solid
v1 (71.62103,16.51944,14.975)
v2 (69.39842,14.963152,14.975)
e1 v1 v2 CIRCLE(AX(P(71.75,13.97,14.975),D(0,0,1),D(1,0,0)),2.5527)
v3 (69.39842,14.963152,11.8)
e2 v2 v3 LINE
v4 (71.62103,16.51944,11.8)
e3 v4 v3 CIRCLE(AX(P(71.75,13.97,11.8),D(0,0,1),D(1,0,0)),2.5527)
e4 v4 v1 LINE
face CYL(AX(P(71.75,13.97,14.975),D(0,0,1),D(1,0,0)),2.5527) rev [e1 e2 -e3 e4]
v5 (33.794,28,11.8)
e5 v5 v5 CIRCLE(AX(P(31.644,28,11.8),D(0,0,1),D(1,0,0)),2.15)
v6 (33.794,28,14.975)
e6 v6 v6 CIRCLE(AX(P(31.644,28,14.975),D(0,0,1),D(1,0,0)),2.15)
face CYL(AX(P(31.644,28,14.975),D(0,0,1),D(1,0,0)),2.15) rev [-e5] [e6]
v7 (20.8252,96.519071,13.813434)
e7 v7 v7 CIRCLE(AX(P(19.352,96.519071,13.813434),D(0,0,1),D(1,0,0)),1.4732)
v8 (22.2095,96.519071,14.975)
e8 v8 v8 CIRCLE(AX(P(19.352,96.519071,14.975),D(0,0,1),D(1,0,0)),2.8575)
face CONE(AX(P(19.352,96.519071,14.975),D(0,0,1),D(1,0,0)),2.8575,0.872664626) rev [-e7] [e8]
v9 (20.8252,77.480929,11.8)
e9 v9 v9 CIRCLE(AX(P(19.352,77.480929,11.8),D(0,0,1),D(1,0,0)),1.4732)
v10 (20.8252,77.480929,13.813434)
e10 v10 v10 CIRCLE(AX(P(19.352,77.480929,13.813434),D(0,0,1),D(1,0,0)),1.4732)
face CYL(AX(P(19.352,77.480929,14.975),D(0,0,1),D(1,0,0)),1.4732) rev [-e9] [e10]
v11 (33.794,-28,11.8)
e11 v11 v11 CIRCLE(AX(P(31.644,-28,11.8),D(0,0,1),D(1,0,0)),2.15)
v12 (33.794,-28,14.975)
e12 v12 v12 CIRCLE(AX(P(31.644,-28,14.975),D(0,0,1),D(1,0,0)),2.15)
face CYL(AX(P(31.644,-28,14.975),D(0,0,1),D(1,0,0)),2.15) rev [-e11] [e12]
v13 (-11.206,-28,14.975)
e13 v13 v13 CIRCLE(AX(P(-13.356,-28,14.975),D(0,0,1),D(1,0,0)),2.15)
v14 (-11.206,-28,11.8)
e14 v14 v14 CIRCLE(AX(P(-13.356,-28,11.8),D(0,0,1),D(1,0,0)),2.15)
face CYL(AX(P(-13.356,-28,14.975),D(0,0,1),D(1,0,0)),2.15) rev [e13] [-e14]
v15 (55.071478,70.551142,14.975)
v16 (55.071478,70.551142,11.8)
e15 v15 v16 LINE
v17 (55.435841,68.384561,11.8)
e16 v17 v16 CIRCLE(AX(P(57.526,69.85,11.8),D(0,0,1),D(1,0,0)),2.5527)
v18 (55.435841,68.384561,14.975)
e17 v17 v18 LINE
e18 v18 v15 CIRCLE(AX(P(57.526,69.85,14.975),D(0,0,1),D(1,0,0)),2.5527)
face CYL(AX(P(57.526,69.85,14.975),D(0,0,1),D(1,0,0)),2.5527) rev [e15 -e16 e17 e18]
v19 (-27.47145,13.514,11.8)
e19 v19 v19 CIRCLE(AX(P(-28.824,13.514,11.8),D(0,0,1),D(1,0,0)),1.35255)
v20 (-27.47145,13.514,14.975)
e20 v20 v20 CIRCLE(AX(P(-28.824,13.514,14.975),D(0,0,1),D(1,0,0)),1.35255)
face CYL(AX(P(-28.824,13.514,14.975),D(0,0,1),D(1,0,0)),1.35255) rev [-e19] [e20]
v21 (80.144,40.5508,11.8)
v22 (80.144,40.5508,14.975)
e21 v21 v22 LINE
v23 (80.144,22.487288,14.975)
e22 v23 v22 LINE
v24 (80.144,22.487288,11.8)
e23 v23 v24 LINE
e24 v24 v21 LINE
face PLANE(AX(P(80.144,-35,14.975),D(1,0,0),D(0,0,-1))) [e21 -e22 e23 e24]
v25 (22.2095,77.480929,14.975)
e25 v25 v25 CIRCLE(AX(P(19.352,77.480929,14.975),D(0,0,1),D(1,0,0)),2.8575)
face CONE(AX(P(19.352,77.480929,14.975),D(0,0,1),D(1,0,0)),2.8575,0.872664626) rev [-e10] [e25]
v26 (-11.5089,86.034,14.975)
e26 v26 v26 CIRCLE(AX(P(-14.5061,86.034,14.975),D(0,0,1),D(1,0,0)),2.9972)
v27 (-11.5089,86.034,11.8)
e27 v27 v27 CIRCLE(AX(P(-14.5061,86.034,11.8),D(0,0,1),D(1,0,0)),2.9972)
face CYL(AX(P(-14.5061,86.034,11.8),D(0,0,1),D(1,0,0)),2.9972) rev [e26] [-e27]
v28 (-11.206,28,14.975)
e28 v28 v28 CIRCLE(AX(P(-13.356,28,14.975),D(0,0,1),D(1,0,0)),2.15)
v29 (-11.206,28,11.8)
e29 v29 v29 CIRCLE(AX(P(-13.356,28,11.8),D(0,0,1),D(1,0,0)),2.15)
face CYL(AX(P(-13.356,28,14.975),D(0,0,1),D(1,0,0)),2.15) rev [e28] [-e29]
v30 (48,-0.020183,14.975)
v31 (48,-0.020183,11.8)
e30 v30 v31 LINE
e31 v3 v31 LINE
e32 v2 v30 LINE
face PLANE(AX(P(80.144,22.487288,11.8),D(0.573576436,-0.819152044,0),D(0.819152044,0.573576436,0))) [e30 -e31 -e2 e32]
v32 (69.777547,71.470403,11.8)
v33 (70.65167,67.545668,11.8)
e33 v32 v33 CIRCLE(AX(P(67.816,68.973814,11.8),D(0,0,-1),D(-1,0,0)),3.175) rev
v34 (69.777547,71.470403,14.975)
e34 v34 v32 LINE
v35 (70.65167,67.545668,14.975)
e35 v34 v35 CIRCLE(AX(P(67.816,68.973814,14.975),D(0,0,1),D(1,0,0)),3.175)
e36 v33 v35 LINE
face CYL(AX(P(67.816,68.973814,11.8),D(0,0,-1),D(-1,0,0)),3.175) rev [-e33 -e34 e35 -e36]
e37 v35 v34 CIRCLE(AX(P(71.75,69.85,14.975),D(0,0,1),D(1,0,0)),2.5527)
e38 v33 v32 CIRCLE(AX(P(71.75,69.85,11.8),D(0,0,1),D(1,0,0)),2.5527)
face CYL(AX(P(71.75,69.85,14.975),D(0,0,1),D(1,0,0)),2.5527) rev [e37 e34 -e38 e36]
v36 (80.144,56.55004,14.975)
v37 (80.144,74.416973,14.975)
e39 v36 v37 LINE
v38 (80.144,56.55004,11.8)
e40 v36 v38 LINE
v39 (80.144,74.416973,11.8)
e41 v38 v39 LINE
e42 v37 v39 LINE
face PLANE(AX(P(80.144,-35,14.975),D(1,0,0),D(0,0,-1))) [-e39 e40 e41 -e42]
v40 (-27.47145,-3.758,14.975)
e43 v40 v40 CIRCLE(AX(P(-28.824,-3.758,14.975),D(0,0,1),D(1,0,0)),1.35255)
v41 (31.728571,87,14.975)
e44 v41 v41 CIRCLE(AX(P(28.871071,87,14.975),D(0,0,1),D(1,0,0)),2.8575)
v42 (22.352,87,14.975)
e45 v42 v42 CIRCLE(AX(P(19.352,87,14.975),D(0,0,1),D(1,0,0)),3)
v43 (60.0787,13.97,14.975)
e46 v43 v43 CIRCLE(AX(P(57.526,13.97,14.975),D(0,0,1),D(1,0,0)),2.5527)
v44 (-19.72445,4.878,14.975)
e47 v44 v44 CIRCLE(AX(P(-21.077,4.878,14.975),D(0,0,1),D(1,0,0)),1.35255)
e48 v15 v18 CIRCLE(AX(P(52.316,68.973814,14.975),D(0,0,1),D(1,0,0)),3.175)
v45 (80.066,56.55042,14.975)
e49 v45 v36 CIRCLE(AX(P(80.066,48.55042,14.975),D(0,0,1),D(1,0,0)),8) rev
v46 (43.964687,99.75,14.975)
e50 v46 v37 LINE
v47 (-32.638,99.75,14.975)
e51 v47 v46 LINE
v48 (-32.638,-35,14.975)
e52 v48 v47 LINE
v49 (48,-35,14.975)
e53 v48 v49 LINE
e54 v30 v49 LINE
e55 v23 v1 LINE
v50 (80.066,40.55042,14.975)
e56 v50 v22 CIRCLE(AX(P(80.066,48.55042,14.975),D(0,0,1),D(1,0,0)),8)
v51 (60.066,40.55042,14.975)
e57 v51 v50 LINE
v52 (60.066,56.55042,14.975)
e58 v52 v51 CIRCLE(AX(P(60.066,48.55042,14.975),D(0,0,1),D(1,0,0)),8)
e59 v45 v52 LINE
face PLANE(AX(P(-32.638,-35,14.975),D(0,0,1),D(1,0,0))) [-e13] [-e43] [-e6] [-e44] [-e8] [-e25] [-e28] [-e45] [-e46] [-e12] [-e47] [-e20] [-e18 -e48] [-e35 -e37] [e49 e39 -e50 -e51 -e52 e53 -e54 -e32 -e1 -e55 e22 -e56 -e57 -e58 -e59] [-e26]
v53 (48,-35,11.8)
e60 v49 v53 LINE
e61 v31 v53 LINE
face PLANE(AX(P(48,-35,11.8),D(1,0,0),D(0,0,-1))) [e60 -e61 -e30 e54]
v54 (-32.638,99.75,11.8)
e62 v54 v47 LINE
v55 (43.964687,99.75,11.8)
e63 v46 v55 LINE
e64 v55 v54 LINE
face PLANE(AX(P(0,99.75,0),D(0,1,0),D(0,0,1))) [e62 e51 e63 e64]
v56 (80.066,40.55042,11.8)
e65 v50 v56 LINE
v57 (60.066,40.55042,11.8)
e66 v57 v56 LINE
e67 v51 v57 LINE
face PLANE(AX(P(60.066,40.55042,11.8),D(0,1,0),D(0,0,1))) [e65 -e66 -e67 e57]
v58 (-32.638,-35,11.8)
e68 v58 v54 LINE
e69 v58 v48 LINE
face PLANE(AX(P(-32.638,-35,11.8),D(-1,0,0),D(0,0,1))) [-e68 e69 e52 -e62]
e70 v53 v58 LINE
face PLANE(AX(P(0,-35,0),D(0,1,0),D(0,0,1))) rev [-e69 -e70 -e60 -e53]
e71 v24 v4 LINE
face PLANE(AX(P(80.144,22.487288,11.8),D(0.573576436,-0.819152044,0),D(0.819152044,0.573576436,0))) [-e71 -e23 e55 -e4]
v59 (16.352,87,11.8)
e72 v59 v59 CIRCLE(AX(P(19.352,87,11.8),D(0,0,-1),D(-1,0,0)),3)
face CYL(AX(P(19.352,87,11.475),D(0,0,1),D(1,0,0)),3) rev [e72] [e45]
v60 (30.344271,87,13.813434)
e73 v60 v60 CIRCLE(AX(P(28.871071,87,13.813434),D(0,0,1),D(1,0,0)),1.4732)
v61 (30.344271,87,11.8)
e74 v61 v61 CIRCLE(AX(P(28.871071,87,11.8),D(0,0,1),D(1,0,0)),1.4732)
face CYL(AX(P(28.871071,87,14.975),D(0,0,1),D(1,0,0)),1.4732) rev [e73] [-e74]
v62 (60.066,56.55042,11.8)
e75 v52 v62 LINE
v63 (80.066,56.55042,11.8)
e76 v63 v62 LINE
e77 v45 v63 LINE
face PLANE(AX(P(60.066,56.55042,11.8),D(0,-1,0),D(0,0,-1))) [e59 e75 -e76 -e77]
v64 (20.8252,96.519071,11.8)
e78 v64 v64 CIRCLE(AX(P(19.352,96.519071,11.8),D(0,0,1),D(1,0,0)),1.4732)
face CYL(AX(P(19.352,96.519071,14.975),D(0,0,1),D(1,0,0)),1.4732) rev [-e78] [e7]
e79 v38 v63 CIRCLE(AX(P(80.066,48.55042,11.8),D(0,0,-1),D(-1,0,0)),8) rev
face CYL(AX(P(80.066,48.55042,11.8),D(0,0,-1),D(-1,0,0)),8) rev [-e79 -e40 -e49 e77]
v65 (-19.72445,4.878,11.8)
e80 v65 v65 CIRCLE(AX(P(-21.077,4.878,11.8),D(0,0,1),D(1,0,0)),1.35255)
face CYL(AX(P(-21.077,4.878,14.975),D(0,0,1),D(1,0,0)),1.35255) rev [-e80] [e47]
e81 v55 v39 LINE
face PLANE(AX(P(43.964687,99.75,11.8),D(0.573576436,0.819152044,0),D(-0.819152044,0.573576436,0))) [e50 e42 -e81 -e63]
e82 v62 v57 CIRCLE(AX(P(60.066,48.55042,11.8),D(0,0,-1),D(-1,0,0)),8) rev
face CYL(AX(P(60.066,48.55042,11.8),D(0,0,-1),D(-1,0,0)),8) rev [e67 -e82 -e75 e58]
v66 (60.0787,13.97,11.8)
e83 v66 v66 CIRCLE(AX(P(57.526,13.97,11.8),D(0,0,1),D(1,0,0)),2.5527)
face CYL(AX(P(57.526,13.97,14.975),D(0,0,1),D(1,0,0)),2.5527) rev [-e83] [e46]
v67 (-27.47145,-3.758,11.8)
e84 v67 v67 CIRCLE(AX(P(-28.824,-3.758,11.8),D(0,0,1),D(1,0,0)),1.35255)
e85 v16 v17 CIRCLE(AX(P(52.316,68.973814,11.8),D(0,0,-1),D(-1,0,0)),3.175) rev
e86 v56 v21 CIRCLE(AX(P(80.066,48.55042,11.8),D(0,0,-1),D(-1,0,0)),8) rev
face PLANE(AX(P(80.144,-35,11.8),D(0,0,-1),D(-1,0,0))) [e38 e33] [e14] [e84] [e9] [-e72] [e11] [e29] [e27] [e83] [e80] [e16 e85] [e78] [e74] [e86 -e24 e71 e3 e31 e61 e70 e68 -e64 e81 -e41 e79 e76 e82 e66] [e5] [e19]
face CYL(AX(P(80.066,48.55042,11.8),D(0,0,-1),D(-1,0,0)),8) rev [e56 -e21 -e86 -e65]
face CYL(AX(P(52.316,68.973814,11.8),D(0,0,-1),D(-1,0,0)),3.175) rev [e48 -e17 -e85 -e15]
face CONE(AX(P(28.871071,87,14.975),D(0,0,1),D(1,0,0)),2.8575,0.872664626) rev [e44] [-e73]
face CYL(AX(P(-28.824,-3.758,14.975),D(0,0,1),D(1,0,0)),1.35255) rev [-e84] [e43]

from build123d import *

# Parameters (mm, degrees)
SKETCH1_W                                         = 112.782
SKETCH1_H                                         = 3.175
BOSS_EXTRUDE1_DEPTH                               = 99.75
BOSS_EXTRUDE1_DEPTH_BACK                          = 35
SKETCH2_R                                         = 3.175
CUT_EXTRUDE1_DEPTH                                = 15.975
CUT_EXTRUDE1_DEPTH_BACK                           = 1
M4_CLEARANCE_HOLE1_D                              = 4.3
CSK_FOR_4_FLAT_HEAD_MACHINE_SCREW_100_D           = 2.9464
CSK_FOR_4_FLAT_HEAD_MACHINE_SCREW_100_CSINK_D     = 5.715
CSK_FOR_4_FLAT_HEAD_MACHINE_SCREW_100_CSINK_ANGLE = 100
SKETCH8_R                                         = 3
CUT_EXTRUDE3_DEPTH                                = 3.5
F_6_32_TAPPED_HOLE1_D                             = 2.7051
F_1_4_20_TAPPED_HOLE1_D                           = 5.1054
SKETCH16_R                                        = 2.9972
CUT_EXTRUDE4_DEPTH                                = 4.175


with BuildPart() as part:
    # Sketch1 → Boss-Extrude1 (new body, two sides)
    with BuildSketch(Plane(origin=(0, 0, 0), x_dir=(1, 0, 0), z_dir=(0, 1, 0))) as boss_extrude1_sk:
        with Locations((23.753, -13.3875)):
            Rectangle(SKETCH1_W, SKETCH1_H)
    extrude(amount=BOSS_EXTRUDE1_DEPTH)
    extrude(boss_extrude1_sk.sketch, amount=-BOSS_EXTRUDE1_DEPTH_BACK)

    # Sketch2 → Cut-Extrude1 (cut, two sides)
    with BuildSketch(Plane.XY) as cut_extrude1_sk:
        with Locations((67.816, 68.973813735)):
            Circle(SKETCH2_R)
        with Locations((52.316, 68.973813735)):
            Circle(SKETCH2_R)
        Polygon((48, -35), (80.144, -35), (80.144, 22.487287802), (48, -0.020183306), align=None)
        with BuildLine():
            Line((60.066, 56.550419976), (80.066, 56.550419976))
            ThreePointArc((80.066, 56.550419976), (88.066, 48.550419976), (80.066, 40.550419976))
            Line((80.066, 40.550419976), (60.066, 40.550419976))
            ThreePointArc((60.066, 40.550419976), (52.066, 48.550419976), (60.066, 56.550419976))
        make_face()
        Polygon((43.964687276, 99.75), (80.144, 74.416972504), (80.144, 99.75), align=None)
    extrude(amount=CUT_EXTRUDE1_DEPTH, mode=Mode.SUBTRACT)
    extrude(cut_extrude1_sk.sketch, amount=-CUT_EXTRUDE1_DEPTH_BACK, mode=Mode.SUBTRACT)

    # M4 Clearance Hole1 (through all)
    with Locations(Plane.XY.offset(14.975)):
        with Locations((-13.356, 28), (31.644, 28), (31.644, -28), (-13.356, -28)):
            Hole(M4_CLEARANCE_HOLE1_D / 2)

    # CSK for #4 Flat Head Machine Screw (100)1 (through all)
    with Locations(Plane.XY.offset(14.975)):
        with Locations((19.352, 96.519071488), (28.871071488, 87), (19.352, 77.480928512)):
            CounterSinkHole(CSK_FOR_4_FLAT_HEAD_MACHINE_SCREW_100_D / 2, CSK_FOR_4_FLAT_HEAD_MACHINE_SCREW_100_CSINK_D / 2, counter_sink_angle=CSK_FOR_4_FLAT_HEAD_MACHINE_SCREW_100_CSINK_ANGLE)

    # Sketch8 → Cut-Extrude3 (cut)
    with BuildSketch(Plane.XY.offset(14.975)):
        with Locations((19.352, 87)):
            Circle(SKETCH8_R)
    extrude(amount=-CUT_EXTRUDE3_DEPTH, mode=Mode.SUBTRACT)

    # #6-32 Tapped Hole1 (through all)
    with Locations(Plane.XY.offset(14.975)):
        with Locations((-28.824, -3.758), (-21.077, 4.878), (-28.824, 13.514)):
            Hole(F_6_32_TAPPED_HOLE1_D / 2)

    # 1/4-20 Tapped Hole1 (through all)
    with Locations(Plane.XY.offset(14.975)):
        with Locations((57.526, 13.97), (71.75, 13.97), (71.75, 69.85), (57.526, 69.85)):
            Hole(F_1_4_20_TAPPED_HOLE1_D / 2)

    # Sketch16 → Cut-Extrude4 (cut, through all)
    with BuildSketch(Plane.XY.offset(14.975)):
        with Locations((-14.5061, 86.034)):
            Circle(SKETCH16_R)
    extrude(amount=-CUT_EXTRUDE4_DEPTH, mode=Mode.SUBTRACT)


solid = part.part
